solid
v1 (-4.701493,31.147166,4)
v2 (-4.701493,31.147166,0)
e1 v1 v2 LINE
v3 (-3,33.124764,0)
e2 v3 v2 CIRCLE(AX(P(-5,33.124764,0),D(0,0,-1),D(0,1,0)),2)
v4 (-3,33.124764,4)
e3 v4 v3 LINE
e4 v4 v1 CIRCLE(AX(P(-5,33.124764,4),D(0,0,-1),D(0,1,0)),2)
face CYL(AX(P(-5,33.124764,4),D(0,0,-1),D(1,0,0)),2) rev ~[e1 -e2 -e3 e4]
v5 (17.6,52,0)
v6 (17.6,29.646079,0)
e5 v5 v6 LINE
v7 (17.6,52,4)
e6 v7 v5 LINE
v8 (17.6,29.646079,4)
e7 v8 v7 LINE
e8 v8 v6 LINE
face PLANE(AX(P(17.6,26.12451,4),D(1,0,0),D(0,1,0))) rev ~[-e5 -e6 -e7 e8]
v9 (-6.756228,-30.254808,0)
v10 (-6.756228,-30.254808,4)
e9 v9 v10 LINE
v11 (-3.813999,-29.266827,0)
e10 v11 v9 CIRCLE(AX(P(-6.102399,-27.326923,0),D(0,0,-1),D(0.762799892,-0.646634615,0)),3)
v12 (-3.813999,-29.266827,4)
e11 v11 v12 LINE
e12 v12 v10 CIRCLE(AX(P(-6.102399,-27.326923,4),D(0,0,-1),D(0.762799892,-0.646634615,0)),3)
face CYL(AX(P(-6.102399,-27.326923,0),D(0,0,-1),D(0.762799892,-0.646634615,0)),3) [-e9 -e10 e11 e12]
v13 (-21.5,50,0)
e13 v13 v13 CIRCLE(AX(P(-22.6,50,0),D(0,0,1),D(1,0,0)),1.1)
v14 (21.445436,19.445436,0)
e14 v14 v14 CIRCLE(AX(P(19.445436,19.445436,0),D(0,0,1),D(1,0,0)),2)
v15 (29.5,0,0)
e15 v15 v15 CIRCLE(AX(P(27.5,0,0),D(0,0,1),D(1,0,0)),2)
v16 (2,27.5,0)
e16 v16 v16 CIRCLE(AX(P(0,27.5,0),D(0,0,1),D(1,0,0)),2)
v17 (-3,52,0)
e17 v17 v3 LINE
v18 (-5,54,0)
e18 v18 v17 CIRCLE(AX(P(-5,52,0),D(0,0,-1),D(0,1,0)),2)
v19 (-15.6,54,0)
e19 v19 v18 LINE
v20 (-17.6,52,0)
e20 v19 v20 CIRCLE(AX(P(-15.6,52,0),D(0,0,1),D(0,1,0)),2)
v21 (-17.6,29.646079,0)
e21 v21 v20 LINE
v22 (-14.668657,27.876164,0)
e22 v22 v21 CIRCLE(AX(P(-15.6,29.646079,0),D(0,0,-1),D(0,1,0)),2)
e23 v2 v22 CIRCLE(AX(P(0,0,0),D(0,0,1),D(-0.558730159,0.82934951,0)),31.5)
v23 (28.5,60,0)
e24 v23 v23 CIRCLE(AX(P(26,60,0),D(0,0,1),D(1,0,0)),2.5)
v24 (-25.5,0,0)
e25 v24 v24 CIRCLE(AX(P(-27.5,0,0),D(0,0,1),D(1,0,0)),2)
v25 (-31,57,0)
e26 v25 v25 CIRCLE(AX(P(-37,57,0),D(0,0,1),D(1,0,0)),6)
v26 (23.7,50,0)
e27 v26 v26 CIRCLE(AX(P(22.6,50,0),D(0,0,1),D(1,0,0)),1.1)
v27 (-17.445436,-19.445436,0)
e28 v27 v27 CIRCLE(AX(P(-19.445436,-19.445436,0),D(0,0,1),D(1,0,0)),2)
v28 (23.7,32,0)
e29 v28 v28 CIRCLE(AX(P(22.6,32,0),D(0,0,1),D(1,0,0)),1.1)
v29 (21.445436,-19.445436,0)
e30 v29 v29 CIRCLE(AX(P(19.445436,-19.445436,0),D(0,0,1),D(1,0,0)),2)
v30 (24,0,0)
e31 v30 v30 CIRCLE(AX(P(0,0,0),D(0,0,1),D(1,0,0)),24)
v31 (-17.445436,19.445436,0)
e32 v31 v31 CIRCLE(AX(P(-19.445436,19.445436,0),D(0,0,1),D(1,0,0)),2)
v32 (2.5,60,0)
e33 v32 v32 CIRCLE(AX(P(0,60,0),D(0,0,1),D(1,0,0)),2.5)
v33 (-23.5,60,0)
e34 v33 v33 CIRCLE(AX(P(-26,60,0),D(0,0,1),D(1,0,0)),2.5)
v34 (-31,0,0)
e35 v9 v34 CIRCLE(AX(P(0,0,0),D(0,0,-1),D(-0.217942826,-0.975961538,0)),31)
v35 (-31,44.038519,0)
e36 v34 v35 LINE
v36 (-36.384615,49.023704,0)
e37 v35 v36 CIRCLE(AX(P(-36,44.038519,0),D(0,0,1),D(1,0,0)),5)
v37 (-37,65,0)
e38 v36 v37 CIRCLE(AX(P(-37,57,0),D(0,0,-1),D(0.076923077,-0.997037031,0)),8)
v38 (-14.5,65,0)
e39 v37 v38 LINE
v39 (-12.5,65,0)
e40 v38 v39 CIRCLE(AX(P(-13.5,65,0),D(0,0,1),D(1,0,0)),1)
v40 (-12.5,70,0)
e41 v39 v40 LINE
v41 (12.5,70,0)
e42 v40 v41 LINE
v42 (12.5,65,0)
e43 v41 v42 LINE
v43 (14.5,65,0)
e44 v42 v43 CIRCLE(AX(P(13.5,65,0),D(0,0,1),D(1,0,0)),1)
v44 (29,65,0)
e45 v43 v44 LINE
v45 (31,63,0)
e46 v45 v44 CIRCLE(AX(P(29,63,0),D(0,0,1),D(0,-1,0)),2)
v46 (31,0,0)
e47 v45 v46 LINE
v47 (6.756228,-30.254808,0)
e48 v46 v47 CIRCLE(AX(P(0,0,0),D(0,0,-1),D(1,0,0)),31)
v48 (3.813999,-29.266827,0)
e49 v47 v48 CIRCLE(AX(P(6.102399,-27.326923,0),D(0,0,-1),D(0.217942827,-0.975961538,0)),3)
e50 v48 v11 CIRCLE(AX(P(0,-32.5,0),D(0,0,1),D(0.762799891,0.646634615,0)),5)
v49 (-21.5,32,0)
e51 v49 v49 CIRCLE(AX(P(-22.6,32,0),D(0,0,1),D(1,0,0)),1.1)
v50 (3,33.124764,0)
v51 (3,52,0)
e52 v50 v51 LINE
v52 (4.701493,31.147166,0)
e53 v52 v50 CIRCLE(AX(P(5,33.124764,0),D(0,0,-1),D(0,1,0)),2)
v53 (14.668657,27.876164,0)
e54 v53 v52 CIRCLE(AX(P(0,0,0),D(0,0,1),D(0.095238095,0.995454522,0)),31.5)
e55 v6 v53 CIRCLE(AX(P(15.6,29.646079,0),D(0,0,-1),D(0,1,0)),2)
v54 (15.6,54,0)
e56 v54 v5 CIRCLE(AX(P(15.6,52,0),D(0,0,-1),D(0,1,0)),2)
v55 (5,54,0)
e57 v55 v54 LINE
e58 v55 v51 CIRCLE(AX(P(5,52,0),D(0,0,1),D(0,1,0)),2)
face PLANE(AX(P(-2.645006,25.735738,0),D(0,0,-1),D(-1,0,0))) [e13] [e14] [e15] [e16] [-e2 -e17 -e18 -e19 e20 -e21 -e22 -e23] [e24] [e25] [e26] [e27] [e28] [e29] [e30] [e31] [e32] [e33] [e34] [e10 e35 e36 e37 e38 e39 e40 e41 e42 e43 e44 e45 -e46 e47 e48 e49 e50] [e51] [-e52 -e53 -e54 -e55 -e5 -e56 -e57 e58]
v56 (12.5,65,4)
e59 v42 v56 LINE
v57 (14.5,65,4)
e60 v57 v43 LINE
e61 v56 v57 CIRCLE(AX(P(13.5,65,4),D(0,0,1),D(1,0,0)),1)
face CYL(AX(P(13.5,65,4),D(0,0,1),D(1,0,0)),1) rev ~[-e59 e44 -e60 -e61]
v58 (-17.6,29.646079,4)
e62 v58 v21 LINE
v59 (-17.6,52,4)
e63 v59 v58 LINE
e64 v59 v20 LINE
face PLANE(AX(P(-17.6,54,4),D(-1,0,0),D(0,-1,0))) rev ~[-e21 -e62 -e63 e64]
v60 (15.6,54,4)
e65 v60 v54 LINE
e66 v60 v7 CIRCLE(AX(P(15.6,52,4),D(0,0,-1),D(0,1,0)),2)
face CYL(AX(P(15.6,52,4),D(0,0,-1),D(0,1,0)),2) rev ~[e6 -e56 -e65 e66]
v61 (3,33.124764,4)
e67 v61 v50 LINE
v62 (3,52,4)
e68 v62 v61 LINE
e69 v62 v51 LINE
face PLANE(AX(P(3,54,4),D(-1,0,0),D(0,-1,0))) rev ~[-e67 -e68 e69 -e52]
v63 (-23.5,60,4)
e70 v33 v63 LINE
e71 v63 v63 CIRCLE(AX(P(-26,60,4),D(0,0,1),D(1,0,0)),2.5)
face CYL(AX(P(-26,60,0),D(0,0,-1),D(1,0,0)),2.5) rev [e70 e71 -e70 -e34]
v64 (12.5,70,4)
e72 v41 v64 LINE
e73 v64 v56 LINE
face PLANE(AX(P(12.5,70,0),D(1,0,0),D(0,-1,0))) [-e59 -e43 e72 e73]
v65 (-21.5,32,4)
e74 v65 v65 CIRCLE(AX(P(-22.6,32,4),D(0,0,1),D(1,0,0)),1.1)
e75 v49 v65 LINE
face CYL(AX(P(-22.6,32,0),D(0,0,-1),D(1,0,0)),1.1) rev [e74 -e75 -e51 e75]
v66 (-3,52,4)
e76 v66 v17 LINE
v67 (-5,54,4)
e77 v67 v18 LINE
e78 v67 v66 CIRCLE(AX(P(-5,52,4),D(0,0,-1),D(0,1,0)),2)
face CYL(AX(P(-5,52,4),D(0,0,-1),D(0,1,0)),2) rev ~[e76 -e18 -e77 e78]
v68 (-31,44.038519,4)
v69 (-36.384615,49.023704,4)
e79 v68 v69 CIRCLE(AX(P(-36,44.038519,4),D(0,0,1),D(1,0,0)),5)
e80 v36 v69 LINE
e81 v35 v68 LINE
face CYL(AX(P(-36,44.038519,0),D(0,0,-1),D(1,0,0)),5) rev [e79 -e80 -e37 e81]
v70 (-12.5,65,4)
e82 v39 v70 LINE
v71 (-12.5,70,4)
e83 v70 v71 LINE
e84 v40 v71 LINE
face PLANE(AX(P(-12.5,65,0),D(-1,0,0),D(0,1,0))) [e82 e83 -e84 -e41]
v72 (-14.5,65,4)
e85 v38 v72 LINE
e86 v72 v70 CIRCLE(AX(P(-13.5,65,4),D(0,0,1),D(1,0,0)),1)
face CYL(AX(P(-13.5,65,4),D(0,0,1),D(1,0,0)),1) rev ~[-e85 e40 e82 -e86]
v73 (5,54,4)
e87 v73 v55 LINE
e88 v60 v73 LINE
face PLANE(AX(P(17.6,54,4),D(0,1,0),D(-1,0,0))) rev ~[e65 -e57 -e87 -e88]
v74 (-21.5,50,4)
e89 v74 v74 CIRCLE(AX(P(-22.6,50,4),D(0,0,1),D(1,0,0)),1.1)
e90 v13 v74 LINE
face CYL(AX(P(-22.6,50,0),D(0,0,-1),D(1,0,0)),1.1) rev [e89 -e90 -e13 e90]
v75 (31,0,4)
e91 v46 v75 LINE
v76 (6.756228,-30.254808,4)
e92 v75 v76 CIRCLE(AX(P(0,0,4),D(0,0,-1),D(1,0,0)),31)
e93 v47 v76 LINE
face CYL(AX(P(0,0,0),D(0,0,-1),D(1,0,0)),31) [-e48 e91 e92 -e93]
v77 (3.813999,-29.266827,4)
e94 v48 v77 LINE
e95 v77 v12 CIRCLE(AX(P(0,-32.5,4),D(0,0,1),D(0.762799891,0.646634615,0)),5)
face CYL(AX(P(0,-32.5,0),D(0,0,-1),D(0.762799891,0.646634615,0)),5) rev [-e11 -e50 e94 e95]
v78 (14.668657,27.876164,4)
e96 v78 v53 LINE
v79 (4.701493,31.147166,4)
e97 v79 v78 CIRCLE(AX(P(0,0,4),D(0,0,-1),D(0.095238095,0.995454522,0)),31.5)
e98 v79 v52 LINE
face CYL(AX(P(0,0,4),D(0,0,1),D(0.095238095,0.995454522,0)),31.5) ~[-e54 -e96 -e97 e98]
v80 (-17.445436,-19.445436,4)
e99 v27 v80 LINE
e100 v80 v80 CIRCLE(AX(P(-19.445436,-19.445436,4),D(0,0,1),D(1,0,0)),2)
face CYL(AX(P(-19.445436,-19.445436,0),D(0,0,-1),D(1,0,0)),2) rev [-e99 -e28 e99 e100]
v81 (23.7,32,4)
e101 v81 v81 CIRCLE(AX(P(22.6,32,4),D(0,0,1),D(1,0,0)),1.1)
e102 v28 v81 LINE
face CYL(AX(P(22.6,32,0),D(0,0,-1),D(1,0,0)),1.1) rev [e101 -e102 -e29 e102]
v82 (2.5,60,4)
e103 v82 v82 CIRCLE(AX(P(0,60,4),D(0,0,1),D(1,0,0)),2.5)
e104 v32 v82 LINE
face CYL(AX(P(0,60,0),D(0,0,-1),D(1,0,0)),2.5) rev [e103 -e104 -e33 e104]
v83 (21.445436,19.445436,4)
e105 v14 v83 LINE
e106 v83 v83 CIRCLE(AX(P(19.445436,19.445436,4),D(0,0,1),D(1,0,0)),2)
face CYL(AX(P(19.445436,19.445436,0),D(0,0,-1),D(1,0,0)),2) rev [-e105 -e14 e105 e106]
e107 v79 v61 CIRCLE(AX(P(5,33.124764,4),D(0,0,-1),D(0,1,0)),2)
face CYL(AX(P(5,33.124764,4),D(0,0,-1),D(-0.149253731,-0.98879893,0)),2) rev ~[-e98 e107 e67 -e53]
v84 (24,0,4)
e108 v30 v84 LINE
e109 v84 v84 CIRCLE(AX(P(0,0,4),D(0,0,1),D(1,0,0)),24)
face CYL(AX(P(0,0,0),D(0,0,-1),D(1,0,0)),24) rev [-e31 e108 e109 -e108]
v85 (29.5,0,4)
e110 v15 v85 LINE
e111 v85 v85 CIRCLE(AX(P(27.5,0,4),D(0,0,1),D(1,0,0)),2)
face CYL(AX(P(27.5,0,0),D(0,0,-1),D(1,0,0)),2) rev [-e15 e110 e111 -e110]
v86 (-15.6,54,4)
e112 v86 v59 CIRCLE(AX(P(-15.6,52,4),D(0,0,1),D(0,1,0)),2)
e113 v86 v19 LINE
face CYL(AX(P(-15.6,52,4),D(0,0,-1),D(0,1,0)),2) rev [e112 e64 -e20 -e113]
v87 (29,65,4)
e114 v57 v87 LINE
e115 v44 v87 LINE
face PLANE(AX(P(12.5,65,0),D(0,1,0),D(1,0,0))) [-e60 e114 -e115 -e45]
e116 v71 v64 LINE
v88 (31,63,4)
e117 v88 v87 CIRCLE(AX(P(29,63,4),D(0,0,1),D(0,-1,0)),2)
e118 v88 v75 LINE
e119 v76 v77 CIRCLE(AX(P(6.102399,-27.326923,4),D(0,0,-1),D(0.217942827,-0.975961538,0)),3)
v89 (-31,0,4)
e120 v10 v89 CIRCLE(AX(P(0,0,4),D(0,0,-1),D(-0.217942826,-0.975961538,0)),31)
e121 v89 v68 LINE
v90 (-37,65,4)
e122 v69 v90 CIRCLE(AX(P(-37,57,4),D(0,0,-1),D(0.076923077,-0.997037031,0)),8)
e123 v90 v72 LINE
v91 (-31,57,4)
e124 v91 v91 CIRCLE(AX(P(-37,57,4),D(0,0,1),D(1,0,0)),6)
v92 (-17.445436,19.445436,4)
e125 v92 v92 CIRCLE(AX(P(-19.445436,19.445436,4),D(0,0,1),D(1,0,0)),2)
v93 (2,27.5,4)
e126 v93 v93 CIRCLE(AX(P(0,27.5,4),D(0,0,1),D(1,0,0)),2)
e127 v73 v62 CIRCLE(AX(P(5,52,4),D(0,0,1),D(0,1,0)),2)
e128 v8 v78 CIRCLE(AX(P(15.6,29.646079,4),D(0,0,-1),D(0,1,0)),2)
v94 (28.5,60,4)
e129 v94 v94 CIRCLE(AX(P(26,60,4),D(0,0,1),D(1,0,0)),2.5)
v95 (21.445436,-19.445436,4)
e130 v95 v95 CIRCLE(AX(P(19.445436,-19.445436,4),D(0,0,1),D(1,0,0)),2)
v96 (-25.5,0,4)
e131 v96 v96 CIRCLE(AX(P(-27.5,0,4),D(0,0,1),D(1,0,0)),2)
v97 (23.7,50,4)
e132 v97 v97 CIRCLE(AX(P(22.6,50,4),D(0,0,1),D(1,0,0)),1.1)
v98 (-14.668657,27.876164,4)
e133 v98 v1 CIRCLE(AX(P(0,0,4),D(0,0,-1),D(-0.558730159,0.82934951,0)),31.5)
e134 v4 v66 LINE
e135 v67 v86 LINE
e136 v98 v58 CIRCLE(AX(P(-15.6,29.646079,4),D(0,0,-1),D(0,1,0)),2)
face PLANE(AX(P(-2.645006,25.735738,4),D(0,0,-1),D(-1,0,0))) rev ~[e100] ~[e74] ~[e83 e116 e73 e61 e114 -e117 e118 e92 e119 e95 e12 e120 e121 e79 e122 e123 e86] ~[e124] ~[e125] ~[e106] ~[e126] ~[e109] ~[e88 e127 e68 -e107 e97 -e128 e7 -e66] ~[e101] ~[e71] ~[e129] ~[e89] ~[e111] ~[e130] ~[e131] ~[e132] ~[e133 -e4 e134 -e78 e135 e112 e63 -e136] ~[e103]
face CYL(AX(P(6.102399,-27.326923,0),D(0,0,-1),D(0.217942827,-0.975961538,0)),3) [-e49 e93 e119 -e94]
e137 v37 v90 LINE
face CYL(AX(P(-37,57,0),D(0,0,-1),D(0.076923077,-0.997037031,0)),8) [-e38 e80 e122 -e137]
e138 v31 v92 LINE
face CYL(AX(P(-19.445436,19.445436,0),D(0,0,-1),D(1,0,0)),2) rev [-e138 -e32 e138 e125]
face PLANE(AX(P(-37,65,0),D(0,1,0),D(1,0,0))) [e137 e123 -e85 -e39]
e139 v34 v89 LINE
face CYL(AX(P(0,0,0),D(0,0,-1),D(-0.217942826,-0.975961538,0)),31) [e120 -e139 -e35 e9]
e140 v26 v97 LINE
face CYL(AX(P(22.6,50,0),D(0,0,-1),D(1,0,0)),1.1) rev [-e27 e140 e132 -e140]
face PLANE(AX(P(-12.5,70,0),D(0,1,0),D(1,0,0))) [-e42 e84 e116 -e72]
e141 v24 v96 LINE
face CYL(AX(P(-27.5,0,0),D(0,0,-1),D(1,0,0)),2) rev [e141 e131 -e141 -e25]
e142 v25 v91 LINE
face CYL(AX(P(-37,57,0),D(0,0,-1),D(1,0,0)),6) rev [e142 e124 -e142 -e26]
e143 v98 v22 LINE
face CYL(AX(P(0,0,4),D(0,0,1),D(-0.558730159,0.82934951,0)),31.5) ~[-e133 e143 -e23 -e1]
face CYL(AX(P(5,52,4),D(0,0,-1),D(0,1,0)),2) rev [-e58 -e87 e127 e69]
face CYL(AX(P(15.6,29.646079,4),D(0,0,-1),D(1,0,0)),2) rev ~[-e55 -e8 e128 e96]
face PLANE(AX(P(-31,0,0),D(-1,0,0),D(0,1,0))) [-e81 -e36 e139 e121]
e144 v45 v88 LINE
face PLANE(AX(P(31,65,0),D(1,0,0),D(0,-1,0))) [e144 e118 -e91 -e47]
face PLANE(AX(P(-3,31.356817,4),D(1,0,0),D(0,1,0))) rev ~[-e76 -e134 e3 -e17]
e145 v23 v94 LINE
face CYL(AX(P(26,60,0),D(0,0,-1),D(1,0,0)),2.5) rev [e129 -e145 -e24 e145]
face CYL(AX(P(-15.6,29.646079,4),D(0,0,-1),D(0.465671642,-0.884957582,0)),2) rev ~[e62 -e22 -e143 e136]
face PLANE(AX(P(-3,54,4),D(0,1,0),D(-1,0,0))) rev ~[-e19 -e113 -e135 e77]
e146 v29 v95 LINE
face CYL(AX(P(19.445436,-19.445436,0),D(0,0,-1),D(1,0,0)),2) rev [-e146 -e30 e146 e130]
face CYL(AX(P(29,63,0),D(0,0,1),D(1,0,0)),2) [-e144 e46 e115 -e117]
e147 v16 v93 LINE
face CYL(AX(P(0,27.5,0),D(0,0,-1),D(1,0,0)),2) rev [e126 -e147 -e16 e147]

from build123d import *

# Parameters (mm, degrees)
SKETCH_1_R          = 24
SKETCH_1_R_2        = 2
SKETCH_1_R_3        = 2.5
SKETCH_1_R_4        = 1.1
SKETCH_1_R_5        = 6
EXTRUDE_1_DEPTH     = 4
SKETCH_2_R          = 1
CUT_EXTRUDE_1_DEPTH = 84.312664103
CUT_EXTRUDE_2_DEPTH = 10
FILLET_2_R          = 2
FILLET_3_R          = 2


with BuildPart() as part:
    # 草图1 → 凸台-拉伸1 (new body)
    with BuildSketch(Plane.XY):
        with BuildLine():
            Line((-31, 0), (-31, 44.038518603))
            ThreePointArc((-31, 44.038518603), (-32.603168898, 47.707515532), (-36.384615385, 49.023703756))
            ThreePointArc((-36.384615385, 49.023703756), (-44.994071865, 56.692079518), (-37, 65))
            Line((-37, 65), (-12.5, 65))
            Line((-12.5, 65), (-12.5, 70))
            Line((-12.5, 70), (12.5, 70))
            Line((12.5, 70), (12.5, 65))
            Line((12.5, 65), (31, 65))
            Line((31, 65), (31, 0))
            ThreePointArc((31, 0), (24.191352338, -19.385006373), (6.756227609, -30.254807692))
            ThreePointArc((6.756227609, -30.254807692), (5.147421514, -30.170867126), (3.813999457, -29.266826923))
            ThreePointArc((3.813999457, -29.266826923), (0, -27.5), (-3.813999457, -29.266826923))
            ThreePointArc((-3.813999457, -29.266826923), (-5.147421514, -30.170867126), (-6.756227609, -30.254807692))
            ThreePointArc((-6.756227609, -30.254807692), (-24.191352338, -19.385006373), (-31, 0))
        make_face()
        Circle(SKETCH_1_R, mode=Mode.SUBTRACT)
        with Locations((-19.445436483, 19.445436483)):
            Circle(SKETCH_1_R_2, mode=Mode.SUBTRACT)
        with Locations((0, 27.5)):
            Circle(SKETCH_1_R_2, mode=Mode.SUBTRACT)
        with Locations((19.445436483, 19.445436483)):
            Circle(SKETCH_1_R_2, mode=Mode.SUBTRACT)
        with Locations((27.5, 0)):
            Circle(SKETCH_1_R_2, mode=Mode.SUBTRACT)
        with Locations((19.445436483, -19.445436483)):
            Circle(SKETCH_1_R_2, mode=Mode.SUBTRACT)
        with Locations((-19.445436483, -19.445436483)):
            Circle(SKETCH_1_R_2, mode=Mode.SUBTRACT)
        with Locations((-27.5, 0)):
            Circle(SKETCH_1_R_2, mode=Mode.SUBTRACT)
        with Locations((-26, 60)):
            Circle(SKETCH_1_R_3, mode=Mode.SUBTRACT)
        with Locations((0, 60)):
            Circle(SKETCH_1_R_3, mode=Mode.SUBTRACT)
        with Locations((26, 60)):
            Circle(SKETCH_1_R_3, mode=Mode.SUBTRACT)
        with Locations((-22.6, 50)):
            Circle(SKETCH_1_R_4, mode=Mode.SUBTRACT)
        with Locations((-22.6, 32)):
            Circle(SKETCH_1_R_4, mode=Mode.SUBTRACT)
        with Locations((22.6, 32)):
            Circle(SKETCH_1_R_4, mode=Mode.SUBTRACT)
        with Locations((22.6, 50)):
            Circle(SKETCH_1_R_4, mode=Mode.SUBTRACT)
        with Locations((-37, 57)):
            Circle(SKETCH_1_R_5, mode=Mode.SUBTRACT)
    extrude(amount=EXTRUDE_1_DEPTH)

    # 草图2 → 切除-拉伸1 (cut, through all)
    with BuildSketch(Plane.XY.offset(4)):
        with Locations((-13.5, 65)):
            Circle(SKETCH_2_R)
        with Locations((13.5, 65)):
            Circle(SKETCH_2_R)
    extrude(amount=-CUT_EXTRUDE_1_DEPTH, mode=Mode.SUBTRACT)

    # 草图3 → 切除-拉伸2 (cut)
    with BuildSketch(Plane.XY.offset(4)):
        with BuildLine():
            Line((-3, 54), (-17.6, 54))
            Line((-17.6, 54), (-17.6, 26.124509565))
            ThreePointArc((-17.6, 26.124509565), (-10.627053281, 29.653258482), (-3, 31.356817441))
            Line((-3, 31.356817441), (-3, 54))
        make_face()
        with BuildLine():
            Line((17.6, 54), (3, 54))
            Line((3, 54), (3, 31.356817441))
            ThreePointArc((3, 31.356817441), (10.627053281, 29.653258482), (17.6, 26.124509565))
            Line((17.6, 26.124509565), (17.6, 54))
        make_face()
    extrude(amount=-CUT_EXTRUDE_2_DEPTH, mode=Mode.SUBTRACT)

    # 圆角2
    fillet_2_edges = [part.edges().sort_by_distance(p)[0] for p in [
        (-3, 31.356817441, 2),
        (-17.6, 26.124509565, 2),
        (-17.6, 54, 2),
        (-3, 54, 2),
        (17.6, 26.124509565, 2),
        (3, 31.356817441, 2),
        (3, 54, 2),
        (17.6, 54, 2),
    ]]
    fillet(fillet_2_edges, radius=FILLET_2_R)

    # 圆角3
    fillet_3_edges = [part.edges().sort_by_distance(p)[0] for p in [
        (31, 65, 2),
    ]]
    fillet(fillet_3_edges, radius=FILLET_3_R)


solid = part.part
